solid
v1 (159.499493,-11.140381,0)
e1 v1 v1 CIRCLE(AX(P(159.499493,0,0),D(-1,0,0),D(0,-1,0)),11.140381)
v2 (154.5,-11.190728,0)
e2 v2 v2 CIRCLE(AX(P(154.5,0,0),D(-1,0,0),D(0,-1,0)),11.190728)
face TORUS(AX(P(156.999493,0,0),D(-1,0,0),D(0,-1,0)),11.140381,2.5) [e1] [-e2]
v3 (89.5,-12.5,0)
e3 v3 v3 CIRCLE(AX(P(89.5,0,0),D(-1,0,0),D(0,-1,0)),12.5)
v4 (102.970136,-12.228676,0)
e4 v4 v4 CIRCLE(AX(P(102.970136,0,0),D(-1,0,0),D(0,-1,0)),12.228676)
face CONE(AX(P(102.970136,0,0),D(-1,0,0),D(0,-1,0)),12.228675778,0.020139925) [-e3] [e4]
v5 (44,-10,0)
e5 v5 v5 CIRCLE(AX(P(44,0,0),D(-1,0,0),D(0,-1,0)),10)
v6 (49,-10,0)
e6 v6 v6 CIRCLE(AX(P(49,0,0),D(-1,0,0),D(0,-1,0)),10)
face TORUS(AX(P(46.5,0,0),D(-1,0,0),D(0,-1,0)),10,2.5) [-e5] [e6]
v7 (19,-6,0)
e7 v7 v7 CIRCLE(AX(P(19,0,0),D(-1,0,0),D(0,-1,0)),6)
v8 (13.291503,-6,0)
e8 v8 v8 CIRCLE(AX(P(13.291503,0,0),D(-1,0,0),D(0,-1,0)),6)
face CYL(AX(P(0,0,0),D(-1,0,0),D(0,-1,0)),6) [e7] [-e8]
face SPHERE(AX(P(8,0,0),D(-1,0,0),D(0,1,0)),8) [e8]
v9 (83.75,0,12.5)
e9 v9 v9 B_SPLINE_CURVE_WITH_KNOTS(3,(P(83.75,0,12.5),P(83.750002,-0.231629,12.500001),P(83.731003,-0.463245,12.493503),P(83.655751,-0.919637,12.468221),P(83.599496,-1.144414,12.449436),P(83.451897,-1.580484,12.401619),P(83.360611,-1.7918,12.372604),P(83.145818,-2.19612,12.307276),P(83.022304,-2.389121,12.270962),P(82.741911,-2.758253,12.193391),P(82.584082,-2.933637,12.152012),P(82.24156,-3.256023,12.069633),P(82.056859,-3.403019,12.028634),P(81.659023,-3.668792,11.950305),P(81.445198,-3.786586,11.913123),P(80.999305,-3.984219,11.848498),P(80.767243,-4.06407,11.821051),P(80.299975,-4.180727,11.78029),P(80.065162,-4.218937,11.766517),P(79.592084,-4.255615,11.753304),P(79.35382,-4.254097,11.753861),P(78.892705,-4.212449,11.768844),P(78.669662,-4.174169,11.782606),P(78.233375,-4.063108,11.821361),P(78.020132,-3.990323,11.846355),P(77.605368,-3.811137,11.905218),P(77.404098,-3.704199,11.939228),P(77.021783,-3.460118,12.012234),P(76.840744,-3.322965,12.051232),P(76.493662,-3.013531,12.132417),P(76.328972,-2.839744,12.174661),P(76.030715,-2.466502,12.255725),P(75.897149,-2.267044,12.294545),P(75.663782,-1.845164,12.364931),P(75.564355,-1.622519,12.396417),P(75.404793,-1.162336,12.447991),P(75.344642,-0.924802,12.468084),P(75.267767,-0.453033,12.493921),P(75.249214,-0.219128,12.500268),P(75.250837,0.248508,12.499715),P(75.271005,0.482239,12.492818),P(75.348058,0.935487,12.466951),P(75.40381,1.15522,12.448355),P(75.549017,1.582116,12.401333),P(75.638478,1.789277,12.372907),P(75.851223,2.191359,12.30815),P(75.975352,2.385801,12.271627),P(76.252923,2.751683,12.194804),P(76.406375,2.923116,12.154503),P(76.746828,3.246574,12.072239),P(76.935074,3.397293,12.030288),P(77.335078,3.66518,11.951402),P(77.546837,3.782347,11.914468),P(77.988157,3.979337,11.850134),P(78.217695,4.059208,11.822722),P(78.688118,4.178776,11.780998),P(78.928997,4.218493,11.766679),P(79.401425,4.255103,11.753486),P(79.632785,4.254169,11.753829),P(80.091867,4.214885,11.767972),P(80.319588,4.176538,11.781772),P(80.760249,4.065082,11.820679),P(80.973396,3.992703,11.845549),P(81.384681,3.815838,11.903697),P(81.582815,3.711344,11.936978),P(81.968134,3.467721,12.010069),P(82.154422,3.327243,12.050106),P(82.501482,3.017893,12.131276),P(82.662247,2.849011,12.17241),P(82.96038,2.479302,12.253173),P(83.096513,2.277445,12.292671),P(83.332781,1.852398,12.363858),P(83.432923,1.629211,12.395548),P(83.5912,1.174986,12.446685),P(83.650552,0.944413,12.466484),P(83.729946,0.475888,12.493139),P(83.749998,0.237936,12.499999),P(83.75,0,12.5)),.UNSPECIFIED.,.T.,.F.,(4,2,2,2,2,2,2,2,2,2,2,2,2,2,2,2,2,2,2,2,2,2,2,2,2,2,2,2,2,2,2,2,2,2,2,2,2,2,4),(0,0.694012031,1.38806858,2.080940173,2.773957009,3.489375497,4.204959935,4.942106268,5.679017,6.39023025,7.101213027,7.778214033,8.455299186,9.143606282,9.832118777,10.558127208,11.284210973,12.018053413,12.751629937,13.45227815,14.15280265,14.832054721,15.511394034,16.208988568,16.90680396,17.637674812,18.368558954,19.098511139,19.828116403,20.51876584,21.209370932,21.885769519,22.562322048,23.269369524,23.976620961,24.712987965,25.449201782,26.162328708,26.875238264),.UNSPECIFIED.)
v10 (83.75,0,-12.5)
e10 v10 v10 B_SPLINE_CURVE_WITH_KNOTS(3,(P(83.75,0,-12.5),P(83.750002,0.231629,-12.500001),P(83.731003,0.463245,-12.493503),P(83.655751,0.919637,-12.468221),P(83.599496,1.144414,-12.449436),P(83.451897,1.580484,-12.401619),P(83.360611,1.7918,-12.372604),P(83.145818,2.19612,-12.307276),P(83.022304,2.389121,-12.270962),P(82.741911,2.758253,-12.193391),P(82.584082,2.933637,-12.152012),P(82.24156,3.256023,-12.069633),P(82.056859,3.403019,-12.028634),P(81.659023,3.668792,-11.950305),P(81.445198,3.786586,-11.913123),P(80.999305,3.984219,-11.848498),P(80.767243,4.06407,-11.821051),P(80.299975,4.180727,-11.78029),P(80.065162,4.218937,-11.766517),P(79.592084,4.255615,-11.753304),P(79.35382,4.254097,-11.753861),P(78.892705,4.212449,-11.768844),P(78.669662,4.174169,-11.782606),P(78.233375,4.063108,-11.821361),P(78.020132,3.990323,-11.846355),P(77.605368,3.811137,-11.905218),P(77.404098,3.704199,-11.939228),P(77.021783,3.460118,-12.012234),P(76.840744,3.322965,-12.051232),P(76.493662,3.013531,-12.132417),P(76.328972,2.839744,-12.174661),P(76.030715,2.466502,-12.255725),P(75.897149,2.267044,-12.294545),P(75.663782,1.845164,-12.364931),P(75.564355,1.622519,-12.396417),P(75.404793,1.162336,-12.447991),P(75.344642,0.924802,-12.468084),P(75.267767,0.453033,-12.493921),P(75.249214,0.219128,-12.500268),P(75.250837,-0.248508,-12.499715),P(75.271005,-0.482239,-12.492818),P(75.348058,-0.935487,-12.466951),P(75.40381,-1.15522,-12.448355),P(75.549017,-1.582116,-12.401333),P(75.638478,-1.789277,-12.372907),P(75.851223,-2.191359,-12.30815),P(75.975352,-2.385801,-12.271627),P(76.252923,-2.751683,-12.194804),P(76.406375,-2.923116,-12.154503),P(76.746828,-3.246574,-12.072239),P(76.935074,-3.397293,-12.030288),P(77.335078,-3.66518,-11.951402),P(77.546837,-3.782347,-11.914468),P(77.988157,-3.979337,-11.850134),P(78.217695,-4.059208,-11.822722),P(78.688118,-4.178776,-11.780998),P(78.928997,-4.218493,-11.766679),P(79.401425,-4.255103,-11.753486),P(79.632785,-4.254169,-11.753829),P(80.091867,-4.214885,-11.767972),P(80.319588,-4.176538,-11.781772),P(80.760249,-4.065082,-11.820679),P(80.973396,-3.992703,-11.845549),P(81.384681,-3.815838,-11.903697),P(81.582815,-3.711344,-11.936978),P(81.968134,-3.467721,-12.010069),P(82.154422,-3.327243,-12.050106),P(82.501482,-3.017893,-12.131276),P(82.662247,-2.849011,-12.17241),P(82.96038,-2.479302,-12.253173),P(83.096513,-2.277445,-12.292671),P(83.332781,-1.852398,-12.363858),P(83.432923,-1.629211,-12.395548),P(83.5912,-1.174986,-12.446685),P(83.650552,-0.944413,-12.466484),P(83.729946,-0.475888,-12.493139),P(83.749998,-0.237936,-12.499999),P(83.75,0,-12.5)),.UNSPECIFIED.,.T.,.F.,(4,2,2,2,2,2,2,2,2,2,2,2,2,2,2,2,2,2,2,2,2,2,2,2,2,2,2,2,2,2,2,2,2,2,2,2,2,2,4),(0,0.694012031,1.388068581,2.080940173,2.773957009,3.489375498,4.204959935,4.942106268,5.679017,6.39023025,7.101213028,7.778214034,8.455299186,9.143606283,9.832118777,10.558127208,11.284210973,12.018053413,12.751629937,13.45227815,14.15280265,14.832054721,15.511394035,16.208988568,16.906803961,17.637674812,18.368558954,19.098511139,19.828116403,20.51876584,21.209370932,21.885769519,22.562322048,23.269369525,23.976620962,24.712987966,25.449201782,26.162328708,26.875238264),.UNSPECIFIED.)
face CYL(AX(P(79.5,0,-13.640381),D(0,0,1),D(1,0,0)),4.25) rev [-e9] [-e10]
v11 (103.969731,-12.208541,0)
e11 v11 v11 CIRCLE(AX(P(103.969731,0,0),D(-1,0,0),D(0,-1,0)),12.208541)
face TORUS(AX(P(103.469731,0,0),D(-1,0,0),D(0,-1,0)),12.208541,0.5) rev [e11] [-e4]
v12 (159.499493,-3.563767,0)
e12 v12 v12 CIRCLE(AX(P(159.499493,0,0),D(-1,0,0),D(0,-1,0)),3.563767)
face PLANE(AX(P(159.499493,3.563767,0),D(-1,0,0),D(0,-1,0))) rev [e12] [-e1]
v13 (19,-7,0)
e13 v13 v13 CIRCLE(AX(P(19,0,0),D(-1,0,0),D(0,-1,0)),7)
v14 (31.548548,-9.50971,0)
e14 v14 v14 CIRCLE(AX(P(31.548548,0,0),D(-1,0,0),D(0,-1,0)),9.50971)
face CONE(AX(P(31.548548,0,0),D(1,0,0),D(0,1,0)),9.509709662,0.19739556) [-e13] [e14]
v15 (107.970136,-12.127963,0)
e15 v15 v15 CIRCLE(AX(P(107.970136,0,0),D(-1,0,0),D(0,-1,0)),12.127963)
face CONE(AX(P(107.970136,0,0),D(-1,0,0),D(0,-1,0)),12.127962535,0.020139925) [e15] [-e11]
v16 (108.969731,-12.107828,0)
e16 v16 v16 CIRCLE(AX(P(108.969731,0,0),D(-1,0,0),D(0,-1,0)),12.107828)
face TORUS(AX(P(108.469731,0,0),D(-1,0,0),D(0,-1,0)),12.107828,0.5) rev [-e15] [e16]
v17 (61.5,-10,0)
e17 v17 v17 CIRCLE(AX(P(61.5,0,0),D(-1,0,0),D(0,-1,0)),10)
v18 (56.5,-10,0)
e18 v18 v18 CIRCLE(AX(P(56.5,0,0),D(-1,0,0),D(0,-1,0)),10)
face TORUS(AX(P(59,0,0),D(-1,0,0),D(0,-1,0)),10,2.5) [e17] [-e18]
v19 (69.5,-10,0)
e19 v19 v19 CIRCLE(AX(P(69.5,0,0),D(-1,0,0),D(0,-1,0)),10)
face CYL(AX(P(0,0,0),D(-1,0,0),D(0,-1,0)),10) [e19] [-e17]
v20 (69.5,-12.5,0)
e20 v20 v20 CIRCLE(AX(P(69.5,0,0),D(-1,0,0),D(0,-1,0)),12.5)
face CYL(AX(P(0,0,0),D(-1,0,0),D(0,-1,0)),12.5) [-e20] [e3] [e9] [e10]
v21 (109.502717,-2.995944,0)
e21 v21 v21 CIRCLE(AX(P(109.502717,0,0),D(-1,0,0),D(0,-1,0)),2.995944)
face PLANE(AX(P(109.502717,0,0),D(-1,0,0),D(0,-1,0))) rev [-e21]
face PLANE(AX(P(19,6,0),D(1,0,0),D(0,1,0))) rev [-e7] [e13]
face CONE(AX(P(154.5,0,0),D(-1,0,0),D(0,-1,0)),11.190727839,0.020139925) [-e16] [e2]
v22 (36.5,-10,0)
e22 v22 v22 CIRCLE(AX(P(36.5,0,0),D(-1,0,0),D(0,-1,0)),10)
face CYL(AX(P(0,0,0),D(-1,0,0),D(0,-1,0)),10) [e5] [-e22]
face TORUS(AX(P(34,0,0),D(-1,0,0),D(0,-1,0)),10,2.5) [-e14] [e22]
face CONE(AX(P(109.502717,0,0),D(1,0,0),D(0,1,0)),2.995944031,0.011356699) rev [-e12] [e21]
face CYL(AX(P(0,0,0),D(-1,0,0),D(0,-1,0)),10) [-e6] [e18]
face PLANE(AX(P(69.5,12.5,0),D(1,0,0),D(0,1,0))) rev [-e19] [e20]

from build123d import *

# Parameters (mm, degrees)
CUT_EXTRUDE1_DEPTH      = 161.661782285
CUT_EXTRUDE1_DEPTH_BACK = 161.661782285
SKETCH2_R               = 4.25


with BuildPart() as part:
    # Sketch1 → Revolve2 (revolve)
    with BuildSketch(Plane.XY, mode=Mode.PRIVATE) as revolve2_sk:
        with BuildLine():
            Line((1.5e-08, -1e-09), (109.502717341, -1e-09))
            Line((109.502717341, -1e-09), (109.502717341, 2.99594403))
            Line((109.502717341, 2.99594403), (159.49949301, 3.563766762))
            Line((159.49949301, 3.563766762), (159.49949301, 11.140381428))
            ThreePointArc((159.49949301, 11.140381428), (157.024667491, 13.640254674), (154.500000014, 11.190727838))
            Line((154.500000014, 11.190727838), (108.969730701, 12.107828055))
            ThreePointArc((108.969730701, 12.107828055), (108.459661419, 11.607929455), (107.970136262, 12.127962534))
            Line((107.970136262, 12.127962534), (103.969730701, 12.208541298))
            ThreePointArc((103.969730701, 12.208541298), (103.459661419, 11.708642699), (102.970136262, 12.228675777))
            Line((102.970136262, 12.228675777), (89.500000014, 12.499999999))
            Line((89.500000014, 12.499999999), (69.500000014, 12.499999999))
            Line((69.500000014, 12.499999999), (69.500000015, 9.999999999))
            Line((69.500000015, 9.999999999), (61.500000015, 9.999999999))
            ThreePointArc((61.500000015, 9.999999999), (59.000000015, 12.499999999), (56.500000015, 9.999999999))
            Line((56.500000015, 9.999999999), (49.000000015, 9.999999999))
            ThreePointArc((49.000000015, 9.999999999), (46.500000015, 12.499999999), (44.000000015, 9.999999998))
            Line((44.000000015, 9.999999998), (36.500000015, 9.999999998))
            ThreePointArc((36.500000015, 9.999999998), (33.75365597, 12.487833315), (31.548548326, 9.509709661))
            Line((31.548548326, 9.509709661), (19.000000015, 6.999999999))
            Line((19.000000015, 6.999999999), (19.000000015, 5.999999999))
            Line((19.000000015, 5.999999999), (13.291502636, 5.999999999))
            ThreePointArc((13.291502636, 5.999999999), (4.708497393, 7.29150262), (1.5e-08, -1e-09))
        make_face()
    revolve(revolve2_sk.sketch.rotate(Axis((1.5e-08, -1e-09, 0), (1, 0, 0)), 180), axis=Axis((1.5e-08, -1e-09, 0), (1, 0, 0)))

    # Sketch2 → Cut-Extrude1 (cut, two sides: drawn at the far end of the back side and taken through both)
    with BuildSketch(Plane.XY.offset(-CUT_EXTRUDE1_DEPTH_BACK)):
        with Locations((79.500000014, 0)):
            Circle(SKETCH2_R)
    extrude(amount=CUT_EXTRUDE1_DEPTH + CUT_EXTRUDE1_DEPTH_BACK, mode=Mode.SUBTRACT)


solid = part.part
